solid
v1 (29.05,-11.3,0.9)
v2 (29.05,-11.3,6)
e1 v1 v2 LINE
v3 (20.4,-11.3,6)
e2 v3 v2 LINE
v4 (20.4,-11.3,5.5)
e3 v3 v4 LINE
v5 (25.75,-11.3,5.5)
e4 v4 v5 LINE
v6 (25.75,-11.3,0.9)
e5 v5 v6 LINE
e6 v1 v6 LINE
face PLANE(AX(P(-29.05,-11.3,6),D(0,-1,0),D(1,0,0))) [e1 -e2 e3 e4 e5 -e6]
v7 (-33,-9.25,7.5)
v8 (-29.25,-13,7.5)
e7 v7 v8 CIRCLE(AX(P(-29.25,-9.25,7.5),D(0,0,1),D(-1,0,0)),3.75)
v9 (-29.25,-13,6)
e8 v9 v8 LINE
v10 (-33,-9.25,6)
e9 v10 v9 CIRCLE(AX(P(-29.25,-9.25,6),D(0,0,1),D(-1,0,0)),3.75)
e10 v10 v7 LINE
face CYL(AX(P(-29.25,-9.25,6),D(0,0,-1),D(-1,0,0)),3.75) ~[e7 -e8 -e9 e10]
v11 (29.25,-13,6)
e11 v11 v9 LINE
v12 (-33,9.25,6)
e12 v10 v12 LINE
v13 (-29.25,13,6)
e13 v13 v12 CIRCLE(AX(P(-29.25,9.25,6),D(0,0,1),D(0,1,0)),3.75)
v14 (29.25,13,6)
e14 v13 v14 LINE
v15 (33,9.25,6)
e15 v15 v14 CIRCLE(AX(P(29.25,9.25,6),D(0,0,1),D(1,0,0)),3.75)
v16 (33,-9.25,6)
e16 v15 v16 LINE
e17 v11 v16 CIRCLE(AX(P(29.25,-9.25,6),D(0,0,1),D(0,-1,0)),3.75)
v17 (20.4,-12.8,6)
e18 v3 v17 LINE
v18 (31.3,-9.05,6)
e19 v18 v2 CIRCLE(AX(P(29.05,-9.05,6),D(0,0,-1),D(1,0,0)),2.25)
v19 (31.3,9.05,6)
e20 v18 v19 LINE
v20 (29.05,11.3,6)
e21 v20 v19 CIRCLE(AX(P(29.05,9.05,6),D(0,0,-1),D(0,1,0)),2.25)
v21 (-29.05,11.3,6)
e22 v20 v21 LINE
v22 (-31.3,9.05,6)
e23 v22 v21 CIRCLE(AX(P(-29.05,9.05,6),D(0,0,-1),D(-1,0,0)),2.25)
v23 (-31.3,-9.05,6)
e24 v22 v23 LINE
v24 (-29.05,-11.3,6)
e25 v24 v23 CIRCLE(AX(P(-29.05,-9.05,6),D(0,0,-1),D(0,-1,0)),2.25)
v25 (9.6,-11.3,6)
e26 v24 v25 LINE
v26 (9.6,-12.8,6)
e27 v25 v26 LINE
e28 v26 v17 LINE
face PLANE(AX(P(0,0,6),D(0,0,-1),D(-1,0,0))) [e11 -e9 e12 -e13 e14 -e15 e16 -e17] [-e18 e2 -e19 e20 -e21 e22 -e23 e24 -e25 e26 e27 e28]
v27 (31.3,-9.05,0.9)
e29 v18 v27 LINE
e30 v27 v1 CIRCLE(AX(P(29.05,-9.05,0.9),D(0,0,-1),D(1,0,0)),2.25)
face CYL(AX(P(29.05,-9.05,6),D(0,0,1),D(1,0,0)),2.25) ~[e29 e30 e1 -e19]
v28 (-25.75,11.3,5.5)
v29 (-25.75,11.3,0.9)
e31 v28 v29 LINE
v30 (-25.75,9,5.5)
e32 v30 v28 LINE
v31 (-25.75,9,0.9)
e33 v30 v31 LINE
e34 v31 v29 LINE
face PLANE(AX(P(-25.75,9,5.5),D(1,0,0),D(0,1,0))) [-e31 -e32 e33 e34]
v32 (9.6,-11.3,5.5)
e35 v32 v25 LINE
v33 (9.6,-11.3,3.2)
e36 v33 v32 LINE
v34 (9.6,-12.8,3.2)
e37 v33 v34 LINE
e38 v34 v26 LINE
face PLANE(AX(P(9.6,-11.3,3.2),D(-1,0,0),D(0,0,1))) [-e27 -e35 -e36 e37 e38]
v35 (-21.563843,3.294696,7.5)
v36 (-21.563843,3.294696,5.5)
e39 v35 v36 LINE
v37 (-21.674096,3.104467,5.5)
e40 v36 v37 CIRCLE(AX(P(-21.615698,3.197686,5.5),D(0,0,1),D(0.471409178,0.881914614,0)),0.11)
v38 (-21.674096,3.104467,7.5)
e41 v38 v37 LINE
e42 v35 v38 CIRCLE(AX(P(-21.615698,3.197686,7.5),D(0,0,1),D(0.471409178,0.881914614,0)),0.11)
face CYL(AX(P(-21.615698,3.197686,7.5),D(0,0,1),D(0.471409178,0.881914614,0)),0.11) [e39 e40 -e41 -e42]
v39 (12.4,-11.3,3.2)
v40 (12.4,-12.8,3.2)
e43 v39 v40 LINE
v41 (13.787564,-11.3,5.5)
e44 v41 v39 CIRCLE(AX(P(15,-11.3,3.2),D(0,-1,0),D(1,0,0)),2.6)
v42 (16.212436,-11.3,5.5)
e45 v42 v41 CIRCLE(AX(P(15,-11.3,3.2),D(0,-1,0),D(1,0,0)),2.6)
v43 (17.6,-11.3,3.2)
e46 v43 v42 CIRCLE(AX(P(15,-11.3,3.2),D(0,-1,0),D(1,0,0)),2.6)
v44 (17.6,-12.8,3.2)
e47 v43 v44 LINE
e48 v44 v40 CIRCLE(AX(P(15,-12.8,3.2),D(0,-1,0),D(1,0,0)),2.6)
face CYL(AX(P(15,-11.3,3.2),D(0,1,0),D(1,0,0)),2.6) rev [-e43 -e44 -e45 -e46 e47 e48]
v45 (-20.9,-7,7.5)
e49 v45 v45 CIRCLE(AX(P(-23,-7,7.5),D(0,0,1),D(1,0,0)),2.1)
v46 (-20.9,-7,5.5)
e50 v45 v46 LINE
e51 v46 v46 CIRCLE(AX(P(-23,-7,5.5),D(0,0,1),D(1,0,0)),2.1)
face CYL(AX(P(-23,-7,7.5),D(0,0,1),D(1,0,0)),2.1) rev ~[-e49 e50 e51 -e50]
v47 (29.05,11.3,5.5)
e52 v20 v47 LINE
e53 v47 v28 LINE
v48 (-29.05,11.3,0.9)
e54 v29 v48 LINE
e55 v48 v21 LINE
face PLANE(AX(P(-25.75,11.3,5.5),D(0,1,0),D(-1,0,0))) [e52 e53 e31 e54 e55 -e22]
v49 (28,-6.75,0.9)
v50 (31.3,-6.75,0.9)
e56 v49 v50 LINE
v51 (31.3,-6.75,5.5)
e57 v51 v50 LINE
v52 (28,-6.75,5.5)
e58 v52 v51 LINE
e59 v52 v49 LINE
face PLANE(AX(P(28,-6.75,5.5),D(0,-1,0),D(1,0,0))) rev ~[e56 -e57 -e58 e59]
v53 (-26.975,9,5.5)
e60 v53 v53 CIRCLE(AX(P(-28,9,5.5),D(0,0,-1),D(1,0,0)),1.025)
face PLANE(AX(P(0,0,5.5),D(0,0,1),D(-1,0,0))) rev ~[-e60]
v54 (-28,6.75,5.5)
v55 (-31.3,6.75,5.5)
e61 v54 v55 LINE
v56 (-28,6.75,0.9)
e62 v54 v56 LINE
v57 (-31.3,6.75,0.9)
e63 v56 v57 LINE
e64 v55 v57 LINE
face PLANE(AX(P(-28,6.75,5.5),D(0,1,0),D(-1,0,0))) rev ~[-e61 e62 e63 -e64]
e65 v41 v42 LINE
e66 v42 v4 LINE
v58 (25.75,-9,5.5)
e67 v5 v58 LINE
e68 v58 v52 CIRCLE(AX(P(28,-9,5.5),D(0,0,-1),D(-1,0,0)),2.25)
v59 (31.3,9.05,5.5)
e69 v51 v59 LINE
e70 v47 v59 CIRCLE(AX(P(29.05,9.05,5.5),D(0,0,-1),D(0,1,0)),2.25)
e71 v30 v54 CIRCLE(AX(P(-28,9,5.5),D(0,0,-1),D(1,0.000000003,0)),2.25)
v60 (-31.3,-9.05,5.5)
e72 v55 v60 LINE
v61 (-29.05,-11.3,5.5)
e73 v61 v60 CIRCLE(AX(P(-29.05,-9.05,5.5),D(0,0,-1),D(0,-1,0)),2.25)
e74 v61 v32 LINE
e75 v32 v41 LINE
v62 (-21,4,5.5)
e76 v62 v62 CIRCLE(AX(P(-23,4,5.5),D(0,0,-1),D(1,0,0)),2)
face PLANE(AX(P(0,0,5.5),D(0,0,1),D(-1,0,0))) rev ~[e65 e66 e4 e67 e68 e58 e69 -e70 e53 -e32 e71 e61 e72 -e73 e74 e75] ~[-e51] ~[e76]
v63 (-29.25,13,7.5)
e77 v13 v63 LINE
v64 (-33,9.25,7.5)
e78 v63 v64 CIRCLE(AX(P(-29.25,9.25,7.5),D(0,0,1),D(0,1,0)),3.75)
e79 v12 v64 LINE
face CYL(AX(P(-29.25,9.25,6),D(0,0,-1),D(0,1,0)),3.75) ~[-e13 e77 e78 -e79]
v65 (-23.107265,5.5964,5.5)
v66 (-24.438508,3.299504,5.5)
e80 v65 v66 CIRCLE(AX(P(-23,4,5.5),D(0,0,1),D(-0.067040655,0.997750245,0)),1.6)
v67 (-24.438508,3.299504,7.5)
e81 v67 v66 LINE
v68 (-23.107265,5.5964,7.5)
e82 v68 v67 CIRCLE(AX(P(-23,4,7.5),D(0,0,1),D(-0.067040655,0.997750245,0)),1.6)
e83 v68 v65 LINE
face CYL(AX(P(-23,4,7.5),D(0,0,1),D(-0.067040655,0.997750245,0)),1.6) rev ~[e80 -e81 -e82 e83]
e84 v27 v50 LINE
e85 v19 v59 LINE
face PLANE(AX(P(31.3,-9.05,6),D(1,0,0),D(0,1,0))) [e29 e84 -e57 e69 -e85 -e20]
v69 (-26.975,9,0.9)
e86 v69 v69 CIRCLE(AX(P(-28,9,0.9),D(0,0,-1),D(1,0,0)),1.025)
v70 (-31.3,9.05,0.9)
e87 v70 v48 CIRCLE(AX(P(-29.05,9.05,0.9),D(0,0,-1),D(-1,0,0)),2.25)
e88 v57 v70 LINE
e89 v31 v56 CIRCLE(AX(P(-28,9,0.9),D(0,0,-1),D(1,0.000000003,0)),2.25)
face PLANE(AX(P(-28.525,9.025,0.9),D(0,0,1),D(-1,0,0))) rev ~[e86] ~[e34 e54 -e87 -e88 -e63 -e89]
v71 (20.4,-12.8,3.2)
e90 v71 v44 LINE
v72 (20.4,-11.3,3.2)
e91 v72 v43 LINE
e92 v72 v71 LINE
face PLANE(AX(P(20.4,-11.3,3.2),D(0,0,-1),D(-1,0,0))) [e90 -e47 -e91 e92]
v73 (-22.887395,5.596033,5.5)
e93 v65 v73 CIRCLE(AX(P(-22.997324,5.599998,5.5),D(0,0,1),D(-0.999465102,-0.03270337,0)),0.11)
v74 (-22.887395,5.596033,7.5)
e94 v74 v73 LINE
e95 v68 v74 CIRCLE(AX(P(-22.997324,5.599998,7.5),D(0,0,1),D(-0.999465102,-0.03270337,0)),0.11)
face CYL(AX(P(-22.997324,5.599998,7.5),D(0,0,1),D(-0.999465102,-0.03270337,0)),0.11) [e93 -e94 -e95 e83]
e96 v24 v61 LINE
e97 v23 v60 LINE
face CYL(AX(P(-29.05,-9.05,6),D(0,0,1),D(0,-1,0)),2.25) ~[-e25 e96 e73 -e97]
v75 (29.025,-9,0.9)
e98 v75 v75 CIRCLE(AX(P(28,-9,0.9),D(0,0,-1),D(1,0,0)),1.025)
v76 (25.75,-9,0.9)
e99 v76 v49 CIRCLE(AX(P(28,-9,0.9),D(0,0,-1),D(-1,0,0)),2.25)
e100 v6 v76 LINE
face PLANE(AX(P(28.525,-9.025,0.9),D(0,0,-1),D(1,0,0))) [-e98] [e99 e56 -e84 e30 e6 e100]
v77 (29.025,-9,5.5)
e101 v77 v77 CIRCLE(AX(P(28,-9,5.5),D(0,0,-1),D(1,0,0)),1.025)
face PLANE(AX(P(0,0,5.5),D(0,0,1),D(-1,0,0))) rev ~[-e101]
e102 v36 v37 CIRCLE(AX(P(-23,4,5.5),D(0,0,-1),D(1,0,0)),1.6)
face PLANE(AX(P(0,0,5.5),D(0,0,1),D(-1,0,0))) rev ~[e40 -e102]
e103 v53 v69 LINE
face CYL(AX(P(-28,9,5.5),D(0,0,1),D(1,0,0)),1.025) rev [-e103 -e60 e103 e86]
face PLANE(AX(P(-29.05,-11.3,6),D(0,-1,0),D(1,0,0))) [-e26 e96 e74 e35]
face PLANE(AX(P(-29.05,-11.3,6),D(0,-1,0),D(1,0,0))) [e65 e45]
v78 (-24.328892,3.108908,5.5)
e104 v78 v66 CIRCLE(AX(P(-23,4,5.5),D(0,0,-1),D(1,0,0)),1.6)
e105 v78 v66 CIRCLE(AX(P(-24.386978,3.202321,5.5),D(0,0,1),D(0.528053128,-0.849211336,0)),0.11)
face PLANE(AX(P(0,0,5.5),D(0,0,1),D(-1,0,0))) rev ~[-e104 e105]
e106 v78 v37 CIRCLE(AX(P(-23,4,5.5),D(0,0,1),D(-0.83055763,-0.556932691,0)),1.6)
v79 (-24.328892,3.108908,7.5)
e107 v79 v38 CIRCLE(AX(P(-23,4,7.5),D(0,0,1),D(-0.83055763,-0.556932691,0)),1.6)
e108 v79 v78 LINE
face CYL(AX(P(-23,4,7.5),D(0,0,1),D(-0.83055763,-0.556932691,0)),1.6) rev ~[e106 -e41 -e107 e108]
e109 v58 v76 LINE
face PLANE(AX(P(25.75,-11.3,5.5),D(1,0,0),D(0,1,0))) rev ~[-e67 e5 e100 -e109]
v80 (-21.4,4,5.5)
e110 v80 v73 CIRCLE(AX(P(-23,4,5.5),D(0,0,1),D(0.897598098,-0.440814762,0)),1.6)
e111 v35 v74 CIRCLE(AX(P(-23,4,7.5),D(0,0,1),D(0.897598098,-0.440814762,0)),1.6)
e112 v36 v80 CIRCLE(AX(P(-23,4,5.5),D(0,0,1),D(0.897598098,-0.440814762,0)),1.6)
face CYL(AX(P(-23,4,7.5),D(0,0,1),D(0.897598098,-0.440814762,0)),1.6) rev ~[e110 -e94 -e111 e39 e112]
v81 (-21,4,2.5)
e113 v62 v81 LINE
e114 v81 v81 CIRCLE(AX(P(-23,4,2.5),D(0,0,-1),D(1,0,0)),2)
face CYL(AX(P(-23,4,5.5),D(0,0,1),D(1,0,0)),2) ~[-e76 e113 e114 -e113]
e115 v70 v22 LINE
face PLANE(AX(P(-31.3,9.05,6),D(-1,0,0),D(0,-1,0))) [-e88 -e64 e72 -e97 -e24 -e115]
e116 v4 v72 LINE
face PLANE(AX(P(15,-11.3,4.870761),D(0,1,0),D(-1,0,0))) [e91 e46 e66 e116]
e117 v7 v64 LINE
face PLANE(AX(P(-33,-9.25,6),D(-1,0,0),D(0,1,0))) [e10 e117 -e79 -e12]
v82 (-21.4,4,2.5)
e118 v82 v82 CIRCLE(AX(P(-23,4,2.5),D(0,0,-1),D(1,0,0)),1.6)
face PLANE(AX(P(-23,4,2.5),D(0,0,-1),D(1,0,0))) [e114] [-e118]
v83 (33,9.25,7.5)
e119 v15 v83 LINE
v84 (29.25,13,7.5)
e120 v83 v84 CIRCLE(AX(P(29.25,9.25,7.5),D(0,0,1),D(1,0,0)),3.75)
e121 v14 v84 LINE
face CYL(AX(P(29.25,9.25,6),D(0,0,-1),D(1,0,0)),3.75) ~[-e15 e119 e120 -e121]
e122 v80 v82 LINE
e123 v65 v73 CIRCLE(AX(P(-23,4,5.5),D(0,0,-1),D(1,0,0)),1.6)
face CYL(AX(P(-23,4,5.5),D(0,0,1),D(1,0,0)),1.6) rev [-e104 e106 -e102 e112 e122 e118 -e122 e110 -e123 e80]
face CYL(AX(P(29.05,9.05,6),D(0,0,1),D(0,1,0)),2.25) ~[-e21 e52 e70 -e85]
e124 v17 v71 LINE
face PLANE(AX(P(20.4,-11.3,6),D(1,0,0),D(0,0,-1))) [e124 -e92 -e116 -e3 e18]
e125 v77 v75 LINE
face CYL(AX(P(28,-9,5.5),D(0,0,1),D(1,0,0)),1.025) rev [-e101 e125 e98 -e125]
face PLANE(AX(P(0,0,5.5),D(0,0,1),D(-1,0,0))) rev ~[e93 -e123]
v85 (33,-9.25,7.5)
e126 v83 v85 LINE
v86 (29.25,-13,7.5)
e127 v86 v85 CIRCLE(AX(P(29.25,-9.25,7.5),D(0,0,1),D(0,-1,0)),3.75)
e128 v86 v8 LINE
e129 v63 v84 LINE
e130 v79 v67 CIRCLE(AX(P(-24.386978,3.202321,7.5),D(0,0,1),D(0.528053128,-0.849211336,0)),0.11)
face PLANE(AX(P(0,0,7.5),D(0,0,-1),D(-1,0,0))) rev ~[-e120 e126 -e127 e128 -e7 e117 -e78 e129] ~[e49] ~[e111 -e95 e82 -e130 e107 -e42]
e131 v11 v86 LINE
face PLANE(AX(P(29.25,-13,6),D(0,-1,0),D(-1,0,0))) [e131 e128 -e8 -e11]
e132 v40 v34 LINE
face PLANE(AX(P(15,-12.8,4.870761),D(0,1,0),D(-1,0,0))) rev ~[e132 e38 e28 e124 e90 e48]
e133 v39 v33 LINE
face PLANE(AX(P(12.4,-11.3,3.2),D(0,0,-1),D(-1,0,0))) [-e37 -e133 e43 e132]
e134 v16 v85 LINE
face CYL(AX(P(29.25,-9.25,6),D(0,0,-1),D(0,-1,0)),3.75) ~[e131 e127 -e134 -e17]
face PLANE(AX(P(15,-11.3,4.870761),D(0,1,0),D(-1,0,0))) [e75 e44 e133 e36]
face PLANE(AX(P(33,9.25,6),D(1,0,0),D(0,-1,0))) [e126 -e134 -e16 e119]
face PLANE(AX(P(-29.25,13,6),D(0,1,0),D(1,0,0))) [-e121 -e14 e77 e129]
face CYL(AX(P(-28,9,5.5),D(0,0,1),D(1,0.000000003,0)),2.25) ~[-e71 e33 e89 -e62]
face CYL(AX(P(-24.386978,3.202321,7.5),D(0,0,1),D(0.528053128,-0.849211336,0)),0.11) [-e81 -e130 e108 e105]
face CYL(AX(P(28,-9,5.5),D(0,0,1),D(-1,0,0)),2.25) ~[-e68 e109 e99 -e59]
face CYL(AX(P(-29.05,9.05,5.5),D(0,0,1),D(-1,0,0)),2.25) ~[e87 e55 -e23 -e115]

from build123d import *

# Parameters (mm, degrees)
PAD002_DEPTH  = 1.5
PAD003_DEPTH  = 0.5
SKETCH005_R   = 1.025
PAD004_DEPTH  = 4.6
SKETCH006_R   = 2.1
POCKET_DEPTH  = 2
SKETCH008_R   = 2
SKETCH008_R_2 = 1.6
PAD005_DEPTH  = 3
PAD014_DEPTH  = 1.5


with BuildPart() as part:
    # Sketch003 → Pad002 (new body)
    with BuildSketch(Plane.XY.offset(6)):
        with BuildLine():
            Line((-29.25, 13), (29.25, 13))
            ThreePointArc((33, 9.25), (31.9016504294, 11.9016504294), (29.25, 13))
            Line((33, 9.25), (33, -9.25))
            ThreePointArc((29.25, -13), (31.9016504295, -11.9016504294), (33, -9.25))
            Line((29.25, -13), (-29.25, -13))
            ThreePointArc((-33, -9.25), (-31.9016504294, -11.9016504295), (-29.25, -13))
            Line((-33, -9.25), (-33, 9.25))
            ThreePointArc((-29.25, 13), (-31.9016504294, 11.9016504294), (-33, 9.25))
        make_face()
    extrude(amount=PAD002_DEPTH)

    # Sketch004 → Pad003 (new body)
    with BuildSketch(Plane(origin=(0, 0, 6), x_dir=(1, 0, 0), z_dir=(0, 0, -1))):
        with BuildLine():
            Line((-29.05, 11.3), (29.05, 11.3))
            ThreePointArc((31.3, 9.05), (30.6409902577, 10.6409902577), (29.05, 11.3))
            Line((31.3, 9.05), (31.3, -9.05))
            ThreePointArc((29.05, -11.3), (30.6409902577, -10.6409902577), (31.3, -9.05))
            Line((29.05, -11.3), (-29.05, -11.3))
            ThreePointArc((-31.3, -9.05), (-30.6409902577, -10.6409902577), (-29.05, -11.3))
            Line((-31.3, -9.05), (-31.3, 9.05))
            ThreePointArc((-29.05, 11.3), (-30.6409902577, 10.6409902577), (-31.3, 9.05))
        make_face()
    extrude(amount=PAD003_DEPTH)

    # Sketch005 → Pad004 (new body)
    with BuildSketch(Plane(origin=(0, 0, 5.5), x_dir=(1, 0, 0), z_dir=(0, 0, -1))):
        with BuildLine():
            Line((-25.75, -9), (-25.75, -11.3))
            Line((-25.75, -11.3), (-29.05, -11.3))
            ThreePointArc((-31.3, -9.05), (-30.6409902577, -10.6409902577), (-29.05, -11.3))
            Line((-31.3, -6.75), (-31.3, -9.05))
            Line((-27.9999999923, -6.75), (-31.3, -6.75))
            ThreePointArc((-25.75, -9.0000000077), (-26.4090097369, -7.4090097478), (-27.9999999923, -6.75))
        make_face()
        with Locations((-28, -9)):
            Circle(SKETCH005_R, mode=Mode.SUBTRACT)
        with BuildLine():
            ThreePointArc((25.75, 9), (26.4090097423, 7.4090097423), (28, 6.75))
            Line((28, 6.75), (31.3, 6.75))
            Line((31.3, 9.05), (31.3, 6.75))
            ThreePointArc((31.3, 9.05), (30.6409902577, 10.6409902577), (29.05, 11.3))
            Line((29.05, 11.3), (25.75, 11.3))
            Line((25.75, 11.3), (25.75, 9))
        make_face()
        with Locations((28, 9)):
            Circle(SKETCH005_R, mode=Mode.SUBTRACT)
    extrude(amount=PAD004_DEPTH)

    # Sketch006 → Pocket (cut)
    with BuildSketch(Plane.XY.offset(7.5)):
        with Locations((-23, -7)):
            Circle(SKETCH006_R)
        with BuildLine():
            ThreePointArc((-24.3288922086, 3.1089076939), (-23.0026761128, 2.400002238), (-21.6740960519, 3.1044673539))
            ThreePointArc((-21.5638430432, 3.2946963807), (-21.7108688116, 3.2528448762), (-21.6740960519, 3.1044673539))
            ThreePointArc((-21.5638430432, 3.2946963807), (-21.6130238799, 4.7976824194), (-22.8873953748, 5.5960326433))
            ThreePointArc((-23.1072650483, 5.5964003913), (-22.9975078699, 5.4899979159), (-22.8873953748, 5.5960326433))
            ThreePointArc((-23.1072650483, 5.5964003913), (-24.3843000035, 4.8023175806), (-24.4385082583, 3.2995044678))
            ThreePointArc((-24.3288922086, 3.1089076939), (-24.2916233116, 3.2571613762), (-24.4385082583, 3.2995044678))
        make_face()
    extrude(amount=-POCKET_DEPTH, mode=Mode.SUBTRACT)

    # Sketch008 → Pad005 (new body)
    with BuildSketch(Plane(origin=(0, 0, 5.5), x_dir=(1, 0, 0), z_dir=(0, 0, -1))):
        with Locations((-23, -4)):
            Circle(SKETCH008_R)
        with Locations((-23, -4)):
            Circle(SKETCH008_R_2, mode=Mode.SUBTRACT)
    extrude(amount=PAD005_DEPTH)

    # Sketch023 → Pad014 (new body)
    with BuildSketch(Plane(origin=(0, -11.3, 6), x_dir=(1, 0, 0), z_dir=(0, -1, 0))):
        with BuildLine():
            Line((9.6, 0), (20.4, 0))
            Line((20.4, 0), (20.4, -2.8))
            Line((20.4, -2.8), (17.6, -2.8))
            ThreePointArc((17.6, -2.8), (15, -0.2), (12.4, -2.8))
            Line((12.4, -2.8), (9.6, -2.8))
            Line((9.6, -2.8), (9.6, 0))
        make_face()
    extrude(amount=PAD014_DEPTH)


solid = part.part
